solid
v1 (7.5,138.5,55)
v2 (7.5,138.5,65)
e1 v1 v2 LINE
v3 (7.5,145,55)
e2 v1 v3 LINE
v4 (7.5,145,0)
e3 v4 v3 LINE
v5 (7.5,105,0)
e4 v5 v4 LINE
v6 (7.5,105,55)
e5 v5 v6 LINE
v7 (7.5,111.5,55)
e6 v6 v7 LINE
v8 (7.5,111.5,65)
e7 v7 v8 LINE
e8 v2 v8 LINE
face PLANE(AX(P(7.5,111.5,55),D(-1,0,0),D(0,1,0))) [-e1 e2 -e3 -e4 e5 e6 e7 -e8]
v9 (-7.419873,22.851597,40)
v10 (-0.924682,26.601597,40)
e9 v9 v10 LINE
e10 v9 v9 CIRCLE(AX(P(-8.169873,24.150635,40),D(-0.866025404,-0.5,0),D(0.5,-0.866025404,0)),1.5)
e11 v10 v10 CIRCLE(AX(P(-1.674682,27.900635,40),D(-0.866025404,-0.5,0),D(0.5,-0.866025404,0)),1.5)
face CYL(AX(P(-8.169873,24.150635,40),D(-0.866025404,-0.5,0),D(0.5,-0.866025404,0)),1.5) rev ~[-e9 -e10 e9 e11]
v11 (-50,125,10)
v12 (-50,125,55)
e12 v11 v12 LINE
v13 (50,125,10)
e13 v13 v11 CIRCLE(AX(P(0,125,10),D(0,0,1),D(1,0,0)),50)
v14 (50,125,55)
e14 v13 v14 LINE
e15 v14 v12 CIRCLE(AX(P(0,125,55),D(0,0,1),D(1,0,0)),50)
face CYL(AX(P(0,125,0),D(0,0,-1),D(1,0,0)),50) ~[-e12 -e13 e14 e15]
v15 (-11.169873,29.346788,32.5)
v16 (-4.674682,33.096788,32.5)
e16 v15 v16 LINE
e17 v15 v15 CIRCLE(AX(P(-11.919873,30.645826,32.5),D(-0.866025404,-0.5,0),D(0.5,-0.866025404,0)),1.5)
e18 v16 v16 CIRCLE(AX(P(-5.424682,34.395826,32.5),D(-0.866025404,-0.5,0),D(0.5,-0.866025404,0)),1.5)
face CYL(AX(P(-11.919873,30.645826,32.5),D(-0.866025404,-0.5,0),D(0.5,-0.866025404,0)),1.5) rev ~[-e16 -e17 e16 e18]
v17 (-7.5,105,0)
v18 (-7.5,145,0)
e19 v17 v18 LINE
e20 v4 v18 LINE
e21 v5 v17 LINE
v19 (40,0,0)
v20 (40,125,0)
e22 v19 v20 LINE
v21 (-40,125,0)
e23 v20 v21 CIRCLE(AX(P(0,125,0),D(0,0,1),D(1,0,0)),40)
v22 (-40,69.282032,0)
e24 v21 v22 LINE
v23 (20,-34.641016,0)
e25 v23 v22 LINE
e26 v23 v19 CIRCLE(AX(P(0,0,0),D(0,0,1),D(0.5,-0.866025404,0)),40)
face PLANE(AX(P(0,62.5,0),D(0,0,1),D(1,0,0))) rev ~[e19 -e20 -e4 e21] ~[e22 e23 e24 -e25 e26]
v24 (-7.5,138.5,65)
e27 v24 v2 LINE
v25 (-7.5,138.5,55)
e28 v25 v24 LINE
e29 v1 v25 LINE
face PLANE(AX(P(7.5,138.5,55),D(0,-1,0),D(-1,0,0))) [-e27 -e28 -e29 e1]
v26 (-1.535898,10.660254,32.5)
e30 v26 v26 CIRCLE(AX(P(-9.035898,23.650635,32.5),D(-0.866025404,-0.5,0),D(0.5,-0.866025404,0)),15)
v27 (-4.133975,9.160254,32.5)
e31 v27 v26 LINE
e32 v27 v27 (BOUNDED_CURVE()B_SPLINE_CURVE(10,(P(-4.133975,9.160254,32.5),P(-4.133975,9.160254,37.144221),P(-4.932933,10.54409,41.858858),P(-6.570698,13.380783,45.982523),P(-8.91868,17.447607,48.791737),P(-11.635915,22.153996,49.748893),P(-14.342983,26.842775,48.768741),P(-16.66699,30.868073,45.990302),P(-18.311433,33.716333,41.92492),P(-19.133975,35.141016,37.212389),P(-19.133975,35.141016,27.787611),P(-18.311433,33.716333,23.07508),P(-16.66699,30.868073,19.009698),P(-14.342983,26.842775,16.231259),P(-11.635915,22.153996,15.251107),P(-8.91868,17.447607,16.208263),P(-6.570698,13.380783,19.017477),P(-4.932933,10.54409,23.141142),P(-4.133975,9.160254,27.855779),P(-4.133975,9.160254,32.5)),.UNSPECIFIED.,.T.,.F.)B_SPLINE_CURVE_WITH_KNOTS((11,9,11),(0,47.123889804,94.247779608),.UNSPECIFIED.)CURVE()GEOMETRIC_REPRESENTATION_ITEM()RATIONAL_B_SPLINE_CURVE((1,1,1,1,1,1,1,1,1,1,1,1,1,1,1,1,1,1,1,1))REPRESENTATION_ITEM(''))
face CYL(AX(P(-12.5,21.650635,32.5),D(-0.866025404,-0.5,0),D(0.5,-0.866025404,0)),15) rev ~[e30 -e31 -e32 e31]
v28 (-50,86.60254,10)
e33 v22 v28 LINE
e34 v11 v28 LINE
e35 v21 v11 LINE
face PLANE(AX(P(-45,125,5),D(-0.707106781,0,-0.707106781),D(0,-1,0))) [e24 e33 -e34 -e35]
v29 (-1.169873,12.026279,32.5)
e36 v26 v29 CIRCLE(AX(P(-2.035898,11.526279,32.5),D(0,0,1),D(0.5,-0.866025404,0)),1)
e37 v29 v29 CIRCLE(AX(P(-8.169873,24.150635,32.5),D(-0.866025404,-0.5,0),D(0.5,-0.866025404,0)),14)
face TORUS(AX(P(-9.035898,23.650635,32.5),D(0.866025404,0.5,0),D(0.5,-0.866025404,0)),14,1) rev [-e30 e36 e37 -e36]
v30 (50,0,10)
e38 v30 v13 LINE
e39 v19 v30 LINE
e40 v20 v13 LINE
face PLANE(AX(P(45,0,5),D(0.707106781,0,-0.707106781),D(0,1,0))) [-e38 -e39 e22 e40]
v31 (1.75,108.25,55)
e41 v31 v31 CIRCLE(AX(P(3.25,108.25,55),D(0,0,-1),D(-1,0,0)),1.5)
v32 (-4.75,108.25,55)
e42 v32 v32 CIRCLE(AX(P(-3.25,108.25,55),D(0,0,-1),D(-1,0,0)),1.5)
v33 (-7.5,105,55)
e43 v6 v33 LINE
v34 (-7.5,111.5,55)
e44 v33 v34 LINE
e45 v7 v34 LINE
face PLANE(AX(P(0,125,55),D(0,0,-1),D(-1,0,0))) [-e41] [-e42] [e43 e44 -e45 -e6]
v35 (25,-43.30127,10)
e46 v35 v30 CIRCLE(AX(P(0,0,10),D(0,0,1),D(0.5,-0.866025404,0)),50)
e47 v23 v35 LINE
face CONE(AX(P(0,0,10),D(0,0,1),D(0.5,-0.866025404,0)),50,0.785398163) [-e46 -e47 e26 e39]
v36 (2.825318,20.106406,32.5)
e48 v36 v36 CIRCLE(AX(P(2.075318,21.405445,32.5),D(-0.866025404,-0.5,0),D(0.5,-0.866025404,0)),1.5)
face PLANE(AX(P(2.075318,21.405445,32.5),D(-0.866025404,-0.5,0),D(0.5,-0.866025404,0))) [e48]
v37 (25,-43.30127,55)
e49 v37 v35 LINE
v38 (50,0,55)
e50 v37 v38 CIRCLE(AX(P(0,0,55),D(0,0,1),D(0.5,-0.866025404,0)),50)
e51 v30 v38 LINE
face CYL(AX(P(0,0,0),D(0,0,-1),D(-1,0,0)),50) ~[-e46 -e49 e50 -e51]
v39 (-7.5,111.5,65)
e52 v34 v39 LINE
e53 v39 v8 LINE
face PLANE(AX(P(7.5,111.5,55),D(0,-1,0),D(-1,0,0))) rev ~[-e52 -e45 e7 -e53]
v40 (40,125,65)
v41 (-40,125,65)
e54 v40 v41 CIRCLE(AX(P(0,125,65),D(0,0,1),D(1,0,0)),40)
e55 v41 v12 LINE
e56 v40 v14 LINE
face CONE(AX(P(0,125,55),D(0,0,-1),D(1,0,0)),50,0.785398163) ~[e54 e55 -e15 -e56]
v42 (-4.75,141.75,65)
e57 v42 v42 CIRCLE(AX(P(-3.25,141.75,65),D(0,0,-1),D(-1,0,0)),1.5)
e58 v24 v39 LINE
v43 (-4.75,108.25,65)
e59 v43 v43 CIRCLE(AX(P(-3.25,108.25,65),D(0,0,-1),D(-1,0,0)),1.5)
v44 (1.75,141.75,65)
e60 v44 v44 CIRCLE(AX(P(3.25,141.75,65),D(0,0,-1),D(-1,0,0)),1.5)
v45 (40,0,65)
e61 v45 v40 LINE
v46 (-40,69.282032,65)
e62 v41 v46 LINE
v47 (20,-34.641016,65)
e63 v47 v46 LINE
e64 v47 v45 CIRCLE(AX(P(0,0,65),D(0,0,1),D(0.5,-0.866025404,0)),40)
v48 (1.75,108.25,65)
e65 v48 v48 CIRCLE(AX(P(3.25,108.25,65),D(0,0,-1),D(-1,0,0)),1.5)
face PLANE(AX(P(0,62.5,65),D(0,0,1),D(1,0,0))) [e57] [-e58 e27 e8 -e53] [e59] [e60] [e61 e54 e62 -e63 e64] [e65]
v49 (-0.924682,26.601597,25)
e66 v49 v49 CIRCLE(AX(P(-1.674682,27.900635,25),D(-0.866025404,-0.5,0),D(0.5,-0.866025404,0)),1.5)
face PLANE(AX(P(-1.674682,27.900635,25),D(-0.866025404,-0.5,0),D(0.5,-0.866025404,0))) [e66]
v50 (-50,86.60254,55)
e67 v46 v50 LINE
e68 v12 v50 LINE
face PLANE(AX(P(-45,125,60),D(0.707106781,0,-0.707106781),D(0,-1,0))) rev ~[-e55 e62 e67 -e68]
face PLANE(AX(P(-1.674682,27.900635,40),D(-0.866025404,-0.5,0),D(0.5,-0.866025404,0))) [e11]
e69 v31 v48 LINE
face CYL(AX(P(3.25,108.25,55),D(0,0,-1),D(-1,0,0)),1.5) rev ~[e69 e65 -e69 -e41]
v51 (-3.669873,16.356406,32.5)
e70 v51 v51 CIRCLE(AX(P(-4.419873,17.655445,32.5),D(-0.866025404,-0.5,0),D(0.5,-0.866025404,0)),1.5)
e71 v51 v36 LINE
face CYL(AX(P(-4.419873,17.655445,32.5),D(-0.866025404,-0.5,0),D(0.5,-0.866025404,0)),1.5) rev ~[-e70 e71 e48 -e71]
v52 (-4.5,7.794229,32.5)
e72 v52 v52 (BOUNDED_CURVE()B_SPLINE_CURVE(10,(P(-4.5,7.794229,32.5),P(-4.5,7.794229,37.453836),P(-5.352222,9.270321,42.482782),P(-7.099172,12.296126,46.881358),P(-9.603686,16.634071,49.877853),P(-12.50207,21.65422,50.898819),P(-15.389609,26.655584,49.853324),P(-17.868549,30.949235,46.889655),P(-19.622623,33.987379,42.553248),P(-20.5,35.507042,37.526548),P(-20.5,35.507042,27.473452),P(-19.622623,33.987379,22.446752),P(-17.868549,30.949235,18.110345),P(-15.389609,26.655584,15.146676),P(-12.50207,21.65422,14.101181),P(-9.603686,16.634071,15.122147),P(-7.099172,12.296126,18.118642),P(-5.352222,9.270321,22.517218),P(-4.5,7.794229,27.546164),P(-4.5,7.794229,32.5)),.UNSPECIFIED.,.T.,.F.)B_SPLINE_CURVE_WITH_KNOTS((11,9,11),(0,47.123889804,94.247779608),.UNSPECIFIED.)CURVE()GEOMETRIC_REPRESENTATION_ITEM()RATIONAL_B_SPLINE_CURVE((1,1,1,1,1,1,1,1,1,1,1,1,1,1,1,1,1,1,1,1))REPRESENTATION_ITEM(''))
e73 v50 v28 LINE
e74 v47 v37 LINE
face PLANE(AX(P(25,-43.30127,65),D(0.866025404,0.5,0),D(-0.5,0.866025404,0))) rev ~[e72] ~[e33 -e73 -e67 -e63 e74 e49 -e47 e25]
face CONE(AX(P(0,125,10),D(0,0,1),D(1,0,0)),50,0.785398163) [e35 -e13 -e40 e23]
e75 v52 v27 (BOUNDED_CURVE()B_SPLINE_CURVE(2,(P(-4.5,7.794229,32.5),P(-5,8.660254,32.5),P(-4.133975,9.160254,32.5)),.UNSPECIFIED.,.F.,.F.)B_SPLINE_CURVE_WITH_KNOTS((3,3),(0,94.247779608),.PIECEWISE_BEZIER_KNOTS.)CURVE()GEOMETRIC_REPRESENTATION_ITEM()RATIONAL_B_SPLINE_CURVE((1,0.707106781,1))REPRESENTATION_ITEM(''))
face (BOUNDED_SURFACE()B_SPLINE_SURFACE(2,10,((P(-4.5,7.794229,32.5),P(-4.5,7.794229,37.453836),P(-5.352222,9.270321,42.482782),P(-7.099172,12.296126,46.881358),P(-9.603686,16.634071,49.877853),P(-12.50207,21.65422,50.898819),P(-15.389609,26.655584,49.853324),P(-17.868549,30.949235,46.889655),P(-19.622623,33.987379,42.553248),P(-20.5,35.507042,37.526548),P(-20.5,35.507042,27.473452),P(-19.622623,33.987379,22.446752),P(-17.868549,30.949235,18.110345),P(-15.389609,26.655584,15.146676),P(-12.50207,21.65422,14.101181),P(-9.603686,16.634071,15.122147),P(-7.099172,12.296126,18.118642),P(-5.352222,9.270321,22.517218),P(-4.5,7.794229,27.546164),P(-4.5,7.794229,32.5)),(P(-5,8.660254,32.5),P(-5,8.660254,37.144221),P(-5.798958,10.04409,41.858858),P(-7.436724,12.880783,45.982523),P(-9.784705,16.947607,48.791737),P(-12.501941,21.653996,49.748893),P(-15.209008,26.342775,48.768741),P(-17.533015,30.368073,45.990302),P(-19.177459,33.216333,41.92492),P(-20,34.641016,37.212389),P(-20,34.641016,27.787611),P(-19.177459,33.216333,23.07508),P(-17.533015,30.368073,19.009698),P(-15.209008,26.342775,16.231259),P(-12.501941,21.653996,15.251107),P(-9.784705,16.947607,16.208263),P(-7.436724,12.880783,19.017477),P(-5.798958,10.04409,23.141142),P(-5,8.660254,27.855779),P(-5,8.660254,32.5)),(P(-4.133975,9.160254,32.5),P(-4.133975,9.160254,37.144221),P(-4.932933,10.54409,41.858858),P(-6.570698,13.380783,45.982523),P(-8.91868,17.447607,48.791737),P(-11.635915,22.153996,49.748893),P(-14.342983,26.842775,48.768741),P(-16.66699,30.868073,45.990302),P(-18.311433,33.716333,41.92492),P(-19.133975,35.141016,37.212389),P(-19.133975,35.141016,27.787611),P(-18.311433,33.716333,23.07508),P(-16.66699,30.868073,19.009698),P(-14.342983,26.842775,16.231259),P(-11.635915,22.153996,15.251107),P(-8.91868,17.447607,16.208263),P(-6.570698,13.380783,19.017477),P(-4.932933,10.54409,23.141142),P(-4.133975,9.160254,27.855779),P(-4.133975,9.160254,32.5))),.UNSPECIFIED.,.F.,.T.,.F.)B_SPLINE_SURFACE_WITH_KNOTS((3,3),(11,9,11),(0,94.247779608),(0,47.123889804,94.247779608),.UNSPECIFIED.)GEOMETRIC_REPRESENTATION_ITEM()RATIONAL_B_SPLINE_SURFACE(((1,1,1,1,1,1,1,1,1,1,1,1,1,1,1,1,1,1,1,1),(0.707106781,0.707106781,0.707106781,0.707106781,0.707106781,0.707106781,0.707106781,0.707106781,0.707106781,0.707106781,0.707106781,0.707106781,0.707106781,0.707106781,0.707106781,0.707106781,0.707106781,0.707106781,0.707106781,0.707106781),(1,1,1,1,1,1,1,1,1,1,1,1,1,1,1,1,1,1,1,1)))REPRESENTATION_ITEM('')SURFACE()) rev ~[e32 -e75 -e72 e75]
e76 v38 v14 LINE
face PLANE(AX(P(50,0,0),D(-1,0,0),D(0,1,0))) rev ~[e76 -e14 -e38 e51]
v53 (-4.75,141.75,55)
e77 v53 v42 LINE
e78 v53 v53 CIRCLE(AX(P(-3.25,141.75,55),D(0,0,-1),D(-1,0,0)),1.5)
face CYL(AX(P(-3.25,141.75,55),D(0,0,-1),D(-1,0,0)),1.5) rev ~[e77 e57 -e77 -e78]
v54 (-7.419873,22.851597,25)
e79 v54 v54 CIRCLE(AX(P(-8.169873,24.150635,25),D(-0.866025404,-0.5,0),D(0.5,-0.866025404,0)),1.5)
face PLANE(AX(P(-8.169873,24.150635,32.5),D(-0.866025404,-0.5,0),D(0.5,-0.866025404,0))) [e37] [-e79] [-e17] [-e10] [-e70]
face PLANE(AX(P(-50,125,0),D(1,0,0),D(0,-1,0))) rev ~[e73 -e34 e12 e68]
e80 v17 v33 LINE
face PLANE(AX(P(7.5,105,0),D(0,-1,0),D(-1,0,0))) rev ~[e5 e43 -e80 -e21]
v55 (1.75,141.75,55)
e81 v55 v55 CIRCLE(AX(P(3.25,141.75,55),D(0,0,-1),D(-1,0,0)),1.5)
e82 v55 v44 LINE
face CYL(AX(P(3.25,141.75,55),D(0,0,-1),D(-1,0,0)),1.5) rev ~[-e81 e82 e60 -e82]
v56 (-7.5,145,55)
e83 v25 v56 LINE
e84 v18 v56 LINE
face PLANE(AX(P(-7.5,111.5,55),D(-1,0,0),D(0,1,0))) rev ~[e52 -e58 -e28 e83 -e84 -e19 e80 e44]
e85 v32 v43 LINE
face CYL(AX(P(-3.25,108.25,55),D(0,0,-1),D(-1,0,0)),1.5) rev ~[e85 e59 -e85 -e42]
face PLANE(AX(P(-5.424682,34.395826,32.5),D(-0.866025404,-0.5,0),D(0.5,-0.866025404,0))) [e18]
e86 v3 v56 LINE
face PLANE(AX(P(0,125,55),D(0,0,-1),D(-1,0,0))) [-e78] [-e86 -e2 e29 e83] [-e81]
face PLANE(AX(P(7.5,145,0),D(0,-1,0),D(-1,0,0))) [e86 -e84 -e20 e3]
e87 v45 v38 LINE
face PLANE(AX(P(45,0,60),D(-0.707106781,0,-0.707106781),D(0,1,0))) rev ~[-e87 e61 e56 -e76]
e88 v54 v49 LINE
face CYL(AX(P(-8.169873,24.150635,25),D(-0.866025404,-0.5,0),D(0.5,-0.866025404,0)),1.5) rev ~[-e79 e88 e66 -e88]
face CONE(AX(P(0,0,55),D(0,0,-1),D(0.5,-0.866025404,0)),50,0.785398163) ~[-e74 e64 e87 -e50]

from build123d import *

# Parameters (mm, degrees)
BOSS_EXTRUDE1_DEPTH = 65
CUT_EXTRUDE1_DEPTH  = 194.261480901
SKETCH5_R           = 15
CUT_EXTRUDE4_DEPTH  = 5
SKETCH6_R           = 1.5
CUT_EXTRUDE5_DEPTH  = 7.5
CHAMFER1_SIZE       = 10
SKETCH8_W           = 15
SKETCH8_H           = 40
CUT_EXTRUDE6_DEPTH  = 55
SKETCH9_W           = 15
SKETCH9_H           = 27
SKETCH9_R           = 1.5
CUT_EXTRUDE7_DEPTH  = 191.131533418
FILLET1_R           = 1


with BuildPart() as part:
    # Sketch1 → Boss-Extrude1 (new body)
    with BuildSketch(Plane.XY):
        with BuildLine():
            Line((-50, 125), (-50, 0))
            ThreePointArc((-50, 0), (0, -50), (50, 0))
            Line((50, 0), (50, 125))
            ThreePointArc((50, 125), (0, 175), (-50, 125))
        make_face()
    extrude(amount=BOSS_EXTRUDE1_DEPTH)

    # Sketch2 → Cut-Extrude1 (cut, through all)
    with BuildSketch(Plane.XY.offset(65)):
        Polygon((260.825571734, -451.763142156), (25, -43.301270189), (-50, 86.602540378), (-50, 0), (-50, -471.651143468), (10.233499812, -1413.028395178), (321.059071546, -1393.140393866), align=None)
    extrude(amount=-CUT_EXTRUDE1_DEPTH, mode=Mode.SUBTRACT)

    # Sketch5 → Cut-Extrude4 (cut)
    with BuildSketch(Plane(origin=(0, 0, 0), x_dir=(0, 0, 1), z_dir=(-0.866025403784438, -0.5000000000000012, 0))):
        with Locations(Location((32.5, 25, 0), (0, 0, 270))):
            Circle(SKETCH5_R)
    extrude(amount=-CUT_EXTRUDE4_DEPTH, mode=Mode.SUBTRACT)

    # Sketch6 → Cut-Extrude5 (cut)
    with BuildSketch(Plane(origin=(4.330127019, 2.5, 0), x_dir=(0, 0, 1), z_dir=(-0.8660254037844378, -0.5000000000000012, 0))):
        with Locations(Location((40, 25, 0), (0, 0, 270))):
            Circle(SKETCH6_R)
        with Locations(Location((32.5, 32.5, 0), (0, 0, 270))):
            Circle(SKETCH6_R)
        with Locations(Location((32.5, 17.5, 0), (0, 0, 270))):
            Circle(SKETCH6_R)
        with Locations(Location((25, 25, 0), (0, 0, 270))):
            Circle(SKETCH6_R)
    extrude(amount=-CUT_EXTRUDE5_DEPTH, mode=Mode.SUBTRACT)

    # Chamfer1
    chamfer1_edges = [part.edges().sort_by_distance(p)[0] for p in [
        (43.301270189, -25, 0),
        (43.301270189, -25, 65),
        (50, 62.5, 65),
        (0, 175, 65),
        (50, 62.5, 0),
        (-50, 105.801270189, 0),
        (0, 175, 0),
        (-50, 105.801270189, 65),
    ]]
    chamfer(chamfer1_edges, length=CHAMFER1_SIZE)

    # Sketch8 → Cut-Extrude6 (cut)
    with BuildSketch(Plane(origin=(0, 0, 0), x_dir=(-1, 0, 0), z_dir=(0, 0, -1))):
        with Locations((0, 125)):
            Rectangle(SKETCH8_W, SKETCH8_H)
    extrude(amount=-CUT_EXTRUDE6_DEPTH, mode=Mode.SUBTRACT)

    # Sketch9 → Cut-Extrude7 (cut, through all)
    with BuildSketch(Plane(origin=(0, 0, 55), x_dir=(-1, 0, 0), z_dir=(0, 0, -1))):
        with Locations((0, 125)):
            Rectangle(SKETCH9_W, SKETCH9_H)
        with Locations((-3.25, 108.25)):
            Circle(SKETCH9_R)
        with Locations((3.25, 108.25)):
            Circle(SKETCH9_R)
        with Locations((-3.25, 141.75)):
            Circle(SKETCH9_R)
        with Locations((3.25, 141.75)):
            Circle(SKETCH9_R)
    extrude(amount=-CUT_EXTRUDE7_DEPTH, mode=Mode.SUBTRACT)

    # Fillet1
    fillet1_edges = [part.edges().sort_by_distance(p)[0] for p in [
        (-15.669872981, 37.141016151, 32.5),
        (-20, 34.641016151, 32.5),
    ]]
    fillet(fillet1_edges, radius=FILLET1_R)


solid = part.part
